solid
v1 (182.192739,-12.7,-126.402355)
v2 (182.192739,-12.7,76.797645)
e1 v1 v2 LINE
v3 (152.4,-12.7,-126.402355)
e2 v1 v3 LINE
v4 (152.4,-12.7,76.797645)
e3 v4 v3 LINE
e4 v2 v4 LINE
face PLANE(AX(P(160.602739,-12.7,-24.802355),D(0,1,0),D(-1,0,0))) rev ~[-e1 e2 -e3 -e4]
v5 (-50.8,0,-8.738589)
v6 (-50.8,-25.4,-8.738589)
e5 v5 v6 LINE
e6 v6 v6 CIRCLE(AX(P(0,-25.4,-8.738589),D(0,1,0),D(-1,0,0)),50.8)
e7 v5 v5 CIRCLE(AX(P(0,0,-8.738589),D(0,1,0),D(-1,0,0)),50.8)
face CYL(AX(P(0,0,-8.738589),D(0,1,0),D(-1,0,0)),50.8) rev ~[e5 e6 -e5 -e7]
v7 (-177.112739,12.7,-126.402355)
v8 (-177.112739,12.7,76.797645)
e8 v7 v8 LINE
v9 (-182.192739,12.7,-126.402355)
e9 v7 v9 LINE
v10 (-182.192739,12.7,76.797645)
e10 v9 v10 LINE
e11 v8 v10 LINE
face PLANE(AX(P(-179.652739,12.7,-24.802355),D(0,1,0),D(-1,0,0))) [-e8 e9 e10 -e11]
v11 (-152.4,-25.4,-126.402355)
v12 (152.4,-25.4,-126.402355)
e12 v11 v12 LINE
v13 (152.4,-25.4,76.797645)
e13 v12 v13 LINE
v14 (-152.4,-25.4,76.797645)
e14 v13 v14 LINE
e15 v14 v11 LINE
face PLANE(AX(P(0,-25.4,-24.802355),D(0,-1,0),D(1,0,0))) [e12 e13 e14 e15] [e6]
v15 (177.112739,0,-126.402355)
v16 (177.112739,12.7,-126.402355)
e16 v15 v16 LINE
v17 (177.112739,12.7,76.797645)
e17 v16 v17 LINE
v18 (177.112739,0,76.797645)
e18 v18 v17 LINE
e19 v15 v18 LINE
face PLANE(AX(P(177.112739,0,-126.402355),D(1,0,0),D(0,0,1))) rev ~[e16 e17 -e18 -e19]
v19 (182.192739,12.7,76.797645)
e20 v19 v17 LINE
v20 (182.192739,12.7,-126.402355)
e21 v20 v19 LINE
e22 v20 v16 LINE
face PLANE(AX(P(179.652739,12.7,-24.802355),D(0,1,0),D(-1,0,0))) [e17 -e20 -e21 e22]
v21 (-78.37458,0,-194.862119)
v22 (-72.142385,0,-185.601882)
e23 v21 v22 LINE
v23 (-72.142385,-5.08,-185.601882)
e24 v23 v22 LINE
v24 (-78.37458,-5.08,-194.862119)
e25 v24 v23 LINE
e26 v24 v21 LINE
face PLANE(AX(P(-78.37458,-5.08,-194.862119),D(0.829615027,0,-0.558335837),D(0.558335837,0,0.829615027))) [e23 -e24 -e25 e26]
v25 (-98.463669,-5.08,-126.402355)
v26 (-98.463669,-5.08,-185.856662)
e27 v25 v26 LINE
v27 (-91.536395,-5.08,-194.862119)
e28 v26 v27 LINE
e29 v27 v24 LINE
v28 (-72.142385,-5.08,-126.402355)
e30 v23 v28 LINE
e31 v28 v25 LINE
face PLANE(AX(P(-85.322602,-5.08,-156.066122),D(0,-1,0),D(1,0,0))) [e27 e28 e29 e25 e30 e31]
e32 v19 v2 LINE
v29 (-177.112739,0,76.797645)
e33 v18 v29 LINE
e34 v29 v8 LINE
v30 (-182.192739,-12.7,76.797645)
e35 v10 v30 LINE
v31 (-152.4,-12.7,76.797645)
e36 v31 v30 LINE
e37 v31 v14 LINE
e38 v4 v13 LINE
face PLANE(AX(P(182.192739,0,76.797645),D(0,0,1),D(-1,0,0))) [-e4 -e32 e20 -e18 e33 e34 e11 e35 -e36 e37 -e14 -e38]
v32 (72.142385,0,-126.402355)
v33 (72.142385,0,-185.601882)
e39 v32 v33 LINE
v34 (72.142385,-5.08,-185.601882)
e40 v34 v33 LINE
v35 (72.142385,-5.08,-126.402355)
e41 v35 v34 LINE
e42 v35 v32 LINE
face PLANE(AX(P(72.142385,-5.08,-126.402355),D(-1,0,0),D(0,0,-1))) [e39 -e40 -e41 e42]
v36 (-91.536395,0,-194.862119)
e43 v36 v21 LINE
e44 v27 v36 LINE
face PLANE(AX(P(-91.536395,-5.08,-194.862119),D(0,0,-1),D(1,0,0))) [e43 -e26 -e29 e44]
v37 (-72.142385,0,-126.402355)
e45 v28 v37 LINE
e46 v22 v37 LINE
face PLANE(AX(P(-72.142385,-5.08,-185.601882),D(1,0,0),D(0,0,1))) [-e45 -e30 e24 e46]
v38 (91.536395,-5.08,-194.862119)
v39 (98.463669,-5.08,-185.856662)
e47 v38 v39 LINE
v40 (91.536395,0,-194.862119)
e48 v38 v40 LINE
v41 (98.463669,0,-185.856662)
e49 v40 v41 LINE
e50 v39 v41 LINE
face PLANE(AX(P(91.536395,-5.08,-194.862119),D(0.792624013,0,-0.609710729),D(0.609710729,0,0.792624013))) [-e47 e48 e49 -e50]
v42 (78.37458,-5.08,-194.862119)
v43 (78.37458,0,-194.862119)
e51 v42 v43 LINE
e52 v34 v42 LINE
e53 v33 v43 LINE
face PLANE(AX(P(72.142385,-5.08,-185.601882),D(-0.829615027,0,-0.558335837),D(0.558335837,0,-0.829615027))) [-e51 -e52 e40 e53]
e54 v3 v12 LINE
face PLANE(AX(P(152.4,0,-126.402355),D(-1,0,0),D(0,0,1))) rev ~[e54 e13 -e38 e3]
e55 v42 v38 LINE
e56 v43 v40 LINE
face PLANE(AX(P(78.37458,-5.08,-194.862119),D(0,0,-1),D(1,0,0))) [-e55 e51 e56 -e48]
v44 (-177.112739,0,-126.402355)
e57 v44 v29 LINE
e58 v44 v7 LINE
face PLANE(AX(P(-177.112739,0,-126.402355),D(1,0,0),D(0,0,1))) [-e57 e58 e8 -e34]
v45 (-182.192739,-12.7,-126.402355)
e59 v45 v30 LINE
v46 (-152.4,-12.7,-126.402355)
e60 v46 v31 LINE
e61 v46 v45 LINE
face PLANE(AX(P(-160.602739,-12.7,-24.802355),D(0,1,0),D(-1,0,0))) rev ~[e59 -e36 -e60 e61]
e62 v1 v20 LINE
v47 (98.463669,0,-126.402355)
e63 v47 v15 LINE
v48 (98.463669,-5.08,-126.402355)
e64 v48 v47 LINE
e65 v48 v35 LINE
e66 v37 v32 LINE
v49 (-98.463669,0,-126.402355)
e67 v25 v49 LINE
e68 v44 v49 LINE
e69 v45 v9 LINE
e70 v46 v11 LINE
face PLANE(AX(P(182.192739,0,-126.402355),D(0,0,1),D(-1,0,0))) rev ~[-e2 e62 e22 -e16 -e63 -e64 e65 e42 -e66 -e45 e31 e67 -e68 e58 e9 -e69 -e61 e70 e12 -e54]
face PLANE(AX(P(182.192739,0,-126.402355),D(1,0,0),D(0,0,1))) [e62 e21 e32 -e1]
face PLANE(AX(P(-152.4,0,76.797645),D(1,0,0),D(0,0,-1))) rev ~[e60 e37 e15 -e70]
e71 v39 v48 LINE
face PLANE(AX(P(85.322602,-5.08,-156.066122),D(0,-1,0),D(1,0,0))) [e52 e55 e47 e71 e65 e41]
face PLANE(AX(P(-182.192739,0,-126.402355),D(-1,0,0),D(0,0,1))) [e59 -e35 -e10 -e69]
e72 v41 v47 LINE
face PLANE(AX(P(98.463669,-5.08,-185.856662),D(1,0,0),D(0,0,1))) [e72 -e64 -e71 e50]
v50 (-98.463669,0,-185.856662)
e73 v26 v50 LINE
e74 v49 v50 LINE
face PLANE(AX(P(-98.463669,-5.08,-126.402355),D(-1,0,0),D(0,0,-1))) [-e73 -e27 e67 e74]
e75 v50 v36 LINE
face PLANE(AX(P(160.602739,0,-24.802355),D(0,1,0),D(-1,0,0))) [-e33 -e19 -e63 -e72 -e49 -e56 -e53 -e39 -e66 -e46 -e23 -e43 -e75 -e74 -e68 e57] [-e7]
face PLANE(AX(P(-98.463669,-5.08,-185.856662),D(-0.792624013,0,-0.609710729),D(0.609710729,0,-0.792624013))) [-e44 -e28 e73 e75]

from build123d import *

# Parameters (mm, degrees)
F1_DEPTH = 25.4
F3_START = -20.32
F3_DEPTH = 5.08
F4_W     = 43.18
F4_H     = 203.2
F5_DEPTH = 12.7
F6_W     = 5.08
F6_H     = 203.2
F7_DEPTH = 12.7
F8_R     = 50.8
F9_DEPTH = 25.4


with BuildPart() as f1:
    # F0 (on Front) → F1 (new body)
    with BuildSketch(Plane.XZ):
        Polygon((0, 76.7976452439), (-152.4, 76.7976452439), (-152.4, -126.4023547561), (0, -126.4023547561), (152.4, -126.4023547561), (152.4, 76.7976452439), align=None)
    extrude(amount=F1_DEPTH)

    # F2 (on face) → F3 (join)
    with BuildSketch(Plane.XZ.offset(25.4).offset(F3_START)):
        Polygon((-72.1423849463, -126.4023547561), (-98.4636694193, -126.4023547561), (-98.4636694193, -185.8566617808), (-72.1423849463, -185.6018817267), align=None)
        Polygon((-72.1423849463, -185.6018817267), (-98.4636694193, -185.8566617808), (-91.5363952518, -194.8621189437), (-78.3745795488, -194.8621189437), align=None)
        Polygon((72.1423849463, -126.4023547561), (72.1423849463, -185.6018817267), (98.4636694193, -185.8566617808), (98.4636694193, -126.4023547561), align=None)
        Polygon((98.4636694193, -185.8566617808), (72.1423849463, -185.6018817267), (78.3745795488, -194.8621189437), (91.5363952518, -194.8621189437), align=None)
    extrude(amount=-F3_DEPTH)

    # F4 (on face) → F5 (join)
    with BuildSketch(Plane(origin=(0, 0, 0), x_dir=(-1, 0, 0), z_dir=(0, 1, 0))):
        with Locations((-160.6027390623, -24.8023547561)):
            Rectangle(F4_W, F4_H)
        with Locations((160.6027390623, -24.8023547561)):
            Rectangle(F4_W, F4_H)
    extrude(amount=-F5_DEPTH)

    # F6 (on face) → F7 (join)
    with BuildSketch(Plane(origin=(0, 0, 0), x_dir=(-1, 0, 0), z_dir=(0, 1, 0))):
        with Locations((-179.6527390623, -24.8023547561)):
            Rectangle(F6_W, F6_H)
        with Locations((179.6527390623, -24.8023547561)):
            Rectangle(F6_W, F6_H)
    extrude(amount=F7_DEPTH)

    # F8 (on face) → F9 (cut)
    with BuildSketch(Plane(origin=(0, 0, 0), x_dir=(-1, 0, 0), z_dir=(0, 1, 0))):
        with Locations((0, -8.7385885348)):
            Circle(F8_R)
    extrude(amount=-F9_DEPTH, mode=Mode.SUBTRACT)


solid = f1.part
